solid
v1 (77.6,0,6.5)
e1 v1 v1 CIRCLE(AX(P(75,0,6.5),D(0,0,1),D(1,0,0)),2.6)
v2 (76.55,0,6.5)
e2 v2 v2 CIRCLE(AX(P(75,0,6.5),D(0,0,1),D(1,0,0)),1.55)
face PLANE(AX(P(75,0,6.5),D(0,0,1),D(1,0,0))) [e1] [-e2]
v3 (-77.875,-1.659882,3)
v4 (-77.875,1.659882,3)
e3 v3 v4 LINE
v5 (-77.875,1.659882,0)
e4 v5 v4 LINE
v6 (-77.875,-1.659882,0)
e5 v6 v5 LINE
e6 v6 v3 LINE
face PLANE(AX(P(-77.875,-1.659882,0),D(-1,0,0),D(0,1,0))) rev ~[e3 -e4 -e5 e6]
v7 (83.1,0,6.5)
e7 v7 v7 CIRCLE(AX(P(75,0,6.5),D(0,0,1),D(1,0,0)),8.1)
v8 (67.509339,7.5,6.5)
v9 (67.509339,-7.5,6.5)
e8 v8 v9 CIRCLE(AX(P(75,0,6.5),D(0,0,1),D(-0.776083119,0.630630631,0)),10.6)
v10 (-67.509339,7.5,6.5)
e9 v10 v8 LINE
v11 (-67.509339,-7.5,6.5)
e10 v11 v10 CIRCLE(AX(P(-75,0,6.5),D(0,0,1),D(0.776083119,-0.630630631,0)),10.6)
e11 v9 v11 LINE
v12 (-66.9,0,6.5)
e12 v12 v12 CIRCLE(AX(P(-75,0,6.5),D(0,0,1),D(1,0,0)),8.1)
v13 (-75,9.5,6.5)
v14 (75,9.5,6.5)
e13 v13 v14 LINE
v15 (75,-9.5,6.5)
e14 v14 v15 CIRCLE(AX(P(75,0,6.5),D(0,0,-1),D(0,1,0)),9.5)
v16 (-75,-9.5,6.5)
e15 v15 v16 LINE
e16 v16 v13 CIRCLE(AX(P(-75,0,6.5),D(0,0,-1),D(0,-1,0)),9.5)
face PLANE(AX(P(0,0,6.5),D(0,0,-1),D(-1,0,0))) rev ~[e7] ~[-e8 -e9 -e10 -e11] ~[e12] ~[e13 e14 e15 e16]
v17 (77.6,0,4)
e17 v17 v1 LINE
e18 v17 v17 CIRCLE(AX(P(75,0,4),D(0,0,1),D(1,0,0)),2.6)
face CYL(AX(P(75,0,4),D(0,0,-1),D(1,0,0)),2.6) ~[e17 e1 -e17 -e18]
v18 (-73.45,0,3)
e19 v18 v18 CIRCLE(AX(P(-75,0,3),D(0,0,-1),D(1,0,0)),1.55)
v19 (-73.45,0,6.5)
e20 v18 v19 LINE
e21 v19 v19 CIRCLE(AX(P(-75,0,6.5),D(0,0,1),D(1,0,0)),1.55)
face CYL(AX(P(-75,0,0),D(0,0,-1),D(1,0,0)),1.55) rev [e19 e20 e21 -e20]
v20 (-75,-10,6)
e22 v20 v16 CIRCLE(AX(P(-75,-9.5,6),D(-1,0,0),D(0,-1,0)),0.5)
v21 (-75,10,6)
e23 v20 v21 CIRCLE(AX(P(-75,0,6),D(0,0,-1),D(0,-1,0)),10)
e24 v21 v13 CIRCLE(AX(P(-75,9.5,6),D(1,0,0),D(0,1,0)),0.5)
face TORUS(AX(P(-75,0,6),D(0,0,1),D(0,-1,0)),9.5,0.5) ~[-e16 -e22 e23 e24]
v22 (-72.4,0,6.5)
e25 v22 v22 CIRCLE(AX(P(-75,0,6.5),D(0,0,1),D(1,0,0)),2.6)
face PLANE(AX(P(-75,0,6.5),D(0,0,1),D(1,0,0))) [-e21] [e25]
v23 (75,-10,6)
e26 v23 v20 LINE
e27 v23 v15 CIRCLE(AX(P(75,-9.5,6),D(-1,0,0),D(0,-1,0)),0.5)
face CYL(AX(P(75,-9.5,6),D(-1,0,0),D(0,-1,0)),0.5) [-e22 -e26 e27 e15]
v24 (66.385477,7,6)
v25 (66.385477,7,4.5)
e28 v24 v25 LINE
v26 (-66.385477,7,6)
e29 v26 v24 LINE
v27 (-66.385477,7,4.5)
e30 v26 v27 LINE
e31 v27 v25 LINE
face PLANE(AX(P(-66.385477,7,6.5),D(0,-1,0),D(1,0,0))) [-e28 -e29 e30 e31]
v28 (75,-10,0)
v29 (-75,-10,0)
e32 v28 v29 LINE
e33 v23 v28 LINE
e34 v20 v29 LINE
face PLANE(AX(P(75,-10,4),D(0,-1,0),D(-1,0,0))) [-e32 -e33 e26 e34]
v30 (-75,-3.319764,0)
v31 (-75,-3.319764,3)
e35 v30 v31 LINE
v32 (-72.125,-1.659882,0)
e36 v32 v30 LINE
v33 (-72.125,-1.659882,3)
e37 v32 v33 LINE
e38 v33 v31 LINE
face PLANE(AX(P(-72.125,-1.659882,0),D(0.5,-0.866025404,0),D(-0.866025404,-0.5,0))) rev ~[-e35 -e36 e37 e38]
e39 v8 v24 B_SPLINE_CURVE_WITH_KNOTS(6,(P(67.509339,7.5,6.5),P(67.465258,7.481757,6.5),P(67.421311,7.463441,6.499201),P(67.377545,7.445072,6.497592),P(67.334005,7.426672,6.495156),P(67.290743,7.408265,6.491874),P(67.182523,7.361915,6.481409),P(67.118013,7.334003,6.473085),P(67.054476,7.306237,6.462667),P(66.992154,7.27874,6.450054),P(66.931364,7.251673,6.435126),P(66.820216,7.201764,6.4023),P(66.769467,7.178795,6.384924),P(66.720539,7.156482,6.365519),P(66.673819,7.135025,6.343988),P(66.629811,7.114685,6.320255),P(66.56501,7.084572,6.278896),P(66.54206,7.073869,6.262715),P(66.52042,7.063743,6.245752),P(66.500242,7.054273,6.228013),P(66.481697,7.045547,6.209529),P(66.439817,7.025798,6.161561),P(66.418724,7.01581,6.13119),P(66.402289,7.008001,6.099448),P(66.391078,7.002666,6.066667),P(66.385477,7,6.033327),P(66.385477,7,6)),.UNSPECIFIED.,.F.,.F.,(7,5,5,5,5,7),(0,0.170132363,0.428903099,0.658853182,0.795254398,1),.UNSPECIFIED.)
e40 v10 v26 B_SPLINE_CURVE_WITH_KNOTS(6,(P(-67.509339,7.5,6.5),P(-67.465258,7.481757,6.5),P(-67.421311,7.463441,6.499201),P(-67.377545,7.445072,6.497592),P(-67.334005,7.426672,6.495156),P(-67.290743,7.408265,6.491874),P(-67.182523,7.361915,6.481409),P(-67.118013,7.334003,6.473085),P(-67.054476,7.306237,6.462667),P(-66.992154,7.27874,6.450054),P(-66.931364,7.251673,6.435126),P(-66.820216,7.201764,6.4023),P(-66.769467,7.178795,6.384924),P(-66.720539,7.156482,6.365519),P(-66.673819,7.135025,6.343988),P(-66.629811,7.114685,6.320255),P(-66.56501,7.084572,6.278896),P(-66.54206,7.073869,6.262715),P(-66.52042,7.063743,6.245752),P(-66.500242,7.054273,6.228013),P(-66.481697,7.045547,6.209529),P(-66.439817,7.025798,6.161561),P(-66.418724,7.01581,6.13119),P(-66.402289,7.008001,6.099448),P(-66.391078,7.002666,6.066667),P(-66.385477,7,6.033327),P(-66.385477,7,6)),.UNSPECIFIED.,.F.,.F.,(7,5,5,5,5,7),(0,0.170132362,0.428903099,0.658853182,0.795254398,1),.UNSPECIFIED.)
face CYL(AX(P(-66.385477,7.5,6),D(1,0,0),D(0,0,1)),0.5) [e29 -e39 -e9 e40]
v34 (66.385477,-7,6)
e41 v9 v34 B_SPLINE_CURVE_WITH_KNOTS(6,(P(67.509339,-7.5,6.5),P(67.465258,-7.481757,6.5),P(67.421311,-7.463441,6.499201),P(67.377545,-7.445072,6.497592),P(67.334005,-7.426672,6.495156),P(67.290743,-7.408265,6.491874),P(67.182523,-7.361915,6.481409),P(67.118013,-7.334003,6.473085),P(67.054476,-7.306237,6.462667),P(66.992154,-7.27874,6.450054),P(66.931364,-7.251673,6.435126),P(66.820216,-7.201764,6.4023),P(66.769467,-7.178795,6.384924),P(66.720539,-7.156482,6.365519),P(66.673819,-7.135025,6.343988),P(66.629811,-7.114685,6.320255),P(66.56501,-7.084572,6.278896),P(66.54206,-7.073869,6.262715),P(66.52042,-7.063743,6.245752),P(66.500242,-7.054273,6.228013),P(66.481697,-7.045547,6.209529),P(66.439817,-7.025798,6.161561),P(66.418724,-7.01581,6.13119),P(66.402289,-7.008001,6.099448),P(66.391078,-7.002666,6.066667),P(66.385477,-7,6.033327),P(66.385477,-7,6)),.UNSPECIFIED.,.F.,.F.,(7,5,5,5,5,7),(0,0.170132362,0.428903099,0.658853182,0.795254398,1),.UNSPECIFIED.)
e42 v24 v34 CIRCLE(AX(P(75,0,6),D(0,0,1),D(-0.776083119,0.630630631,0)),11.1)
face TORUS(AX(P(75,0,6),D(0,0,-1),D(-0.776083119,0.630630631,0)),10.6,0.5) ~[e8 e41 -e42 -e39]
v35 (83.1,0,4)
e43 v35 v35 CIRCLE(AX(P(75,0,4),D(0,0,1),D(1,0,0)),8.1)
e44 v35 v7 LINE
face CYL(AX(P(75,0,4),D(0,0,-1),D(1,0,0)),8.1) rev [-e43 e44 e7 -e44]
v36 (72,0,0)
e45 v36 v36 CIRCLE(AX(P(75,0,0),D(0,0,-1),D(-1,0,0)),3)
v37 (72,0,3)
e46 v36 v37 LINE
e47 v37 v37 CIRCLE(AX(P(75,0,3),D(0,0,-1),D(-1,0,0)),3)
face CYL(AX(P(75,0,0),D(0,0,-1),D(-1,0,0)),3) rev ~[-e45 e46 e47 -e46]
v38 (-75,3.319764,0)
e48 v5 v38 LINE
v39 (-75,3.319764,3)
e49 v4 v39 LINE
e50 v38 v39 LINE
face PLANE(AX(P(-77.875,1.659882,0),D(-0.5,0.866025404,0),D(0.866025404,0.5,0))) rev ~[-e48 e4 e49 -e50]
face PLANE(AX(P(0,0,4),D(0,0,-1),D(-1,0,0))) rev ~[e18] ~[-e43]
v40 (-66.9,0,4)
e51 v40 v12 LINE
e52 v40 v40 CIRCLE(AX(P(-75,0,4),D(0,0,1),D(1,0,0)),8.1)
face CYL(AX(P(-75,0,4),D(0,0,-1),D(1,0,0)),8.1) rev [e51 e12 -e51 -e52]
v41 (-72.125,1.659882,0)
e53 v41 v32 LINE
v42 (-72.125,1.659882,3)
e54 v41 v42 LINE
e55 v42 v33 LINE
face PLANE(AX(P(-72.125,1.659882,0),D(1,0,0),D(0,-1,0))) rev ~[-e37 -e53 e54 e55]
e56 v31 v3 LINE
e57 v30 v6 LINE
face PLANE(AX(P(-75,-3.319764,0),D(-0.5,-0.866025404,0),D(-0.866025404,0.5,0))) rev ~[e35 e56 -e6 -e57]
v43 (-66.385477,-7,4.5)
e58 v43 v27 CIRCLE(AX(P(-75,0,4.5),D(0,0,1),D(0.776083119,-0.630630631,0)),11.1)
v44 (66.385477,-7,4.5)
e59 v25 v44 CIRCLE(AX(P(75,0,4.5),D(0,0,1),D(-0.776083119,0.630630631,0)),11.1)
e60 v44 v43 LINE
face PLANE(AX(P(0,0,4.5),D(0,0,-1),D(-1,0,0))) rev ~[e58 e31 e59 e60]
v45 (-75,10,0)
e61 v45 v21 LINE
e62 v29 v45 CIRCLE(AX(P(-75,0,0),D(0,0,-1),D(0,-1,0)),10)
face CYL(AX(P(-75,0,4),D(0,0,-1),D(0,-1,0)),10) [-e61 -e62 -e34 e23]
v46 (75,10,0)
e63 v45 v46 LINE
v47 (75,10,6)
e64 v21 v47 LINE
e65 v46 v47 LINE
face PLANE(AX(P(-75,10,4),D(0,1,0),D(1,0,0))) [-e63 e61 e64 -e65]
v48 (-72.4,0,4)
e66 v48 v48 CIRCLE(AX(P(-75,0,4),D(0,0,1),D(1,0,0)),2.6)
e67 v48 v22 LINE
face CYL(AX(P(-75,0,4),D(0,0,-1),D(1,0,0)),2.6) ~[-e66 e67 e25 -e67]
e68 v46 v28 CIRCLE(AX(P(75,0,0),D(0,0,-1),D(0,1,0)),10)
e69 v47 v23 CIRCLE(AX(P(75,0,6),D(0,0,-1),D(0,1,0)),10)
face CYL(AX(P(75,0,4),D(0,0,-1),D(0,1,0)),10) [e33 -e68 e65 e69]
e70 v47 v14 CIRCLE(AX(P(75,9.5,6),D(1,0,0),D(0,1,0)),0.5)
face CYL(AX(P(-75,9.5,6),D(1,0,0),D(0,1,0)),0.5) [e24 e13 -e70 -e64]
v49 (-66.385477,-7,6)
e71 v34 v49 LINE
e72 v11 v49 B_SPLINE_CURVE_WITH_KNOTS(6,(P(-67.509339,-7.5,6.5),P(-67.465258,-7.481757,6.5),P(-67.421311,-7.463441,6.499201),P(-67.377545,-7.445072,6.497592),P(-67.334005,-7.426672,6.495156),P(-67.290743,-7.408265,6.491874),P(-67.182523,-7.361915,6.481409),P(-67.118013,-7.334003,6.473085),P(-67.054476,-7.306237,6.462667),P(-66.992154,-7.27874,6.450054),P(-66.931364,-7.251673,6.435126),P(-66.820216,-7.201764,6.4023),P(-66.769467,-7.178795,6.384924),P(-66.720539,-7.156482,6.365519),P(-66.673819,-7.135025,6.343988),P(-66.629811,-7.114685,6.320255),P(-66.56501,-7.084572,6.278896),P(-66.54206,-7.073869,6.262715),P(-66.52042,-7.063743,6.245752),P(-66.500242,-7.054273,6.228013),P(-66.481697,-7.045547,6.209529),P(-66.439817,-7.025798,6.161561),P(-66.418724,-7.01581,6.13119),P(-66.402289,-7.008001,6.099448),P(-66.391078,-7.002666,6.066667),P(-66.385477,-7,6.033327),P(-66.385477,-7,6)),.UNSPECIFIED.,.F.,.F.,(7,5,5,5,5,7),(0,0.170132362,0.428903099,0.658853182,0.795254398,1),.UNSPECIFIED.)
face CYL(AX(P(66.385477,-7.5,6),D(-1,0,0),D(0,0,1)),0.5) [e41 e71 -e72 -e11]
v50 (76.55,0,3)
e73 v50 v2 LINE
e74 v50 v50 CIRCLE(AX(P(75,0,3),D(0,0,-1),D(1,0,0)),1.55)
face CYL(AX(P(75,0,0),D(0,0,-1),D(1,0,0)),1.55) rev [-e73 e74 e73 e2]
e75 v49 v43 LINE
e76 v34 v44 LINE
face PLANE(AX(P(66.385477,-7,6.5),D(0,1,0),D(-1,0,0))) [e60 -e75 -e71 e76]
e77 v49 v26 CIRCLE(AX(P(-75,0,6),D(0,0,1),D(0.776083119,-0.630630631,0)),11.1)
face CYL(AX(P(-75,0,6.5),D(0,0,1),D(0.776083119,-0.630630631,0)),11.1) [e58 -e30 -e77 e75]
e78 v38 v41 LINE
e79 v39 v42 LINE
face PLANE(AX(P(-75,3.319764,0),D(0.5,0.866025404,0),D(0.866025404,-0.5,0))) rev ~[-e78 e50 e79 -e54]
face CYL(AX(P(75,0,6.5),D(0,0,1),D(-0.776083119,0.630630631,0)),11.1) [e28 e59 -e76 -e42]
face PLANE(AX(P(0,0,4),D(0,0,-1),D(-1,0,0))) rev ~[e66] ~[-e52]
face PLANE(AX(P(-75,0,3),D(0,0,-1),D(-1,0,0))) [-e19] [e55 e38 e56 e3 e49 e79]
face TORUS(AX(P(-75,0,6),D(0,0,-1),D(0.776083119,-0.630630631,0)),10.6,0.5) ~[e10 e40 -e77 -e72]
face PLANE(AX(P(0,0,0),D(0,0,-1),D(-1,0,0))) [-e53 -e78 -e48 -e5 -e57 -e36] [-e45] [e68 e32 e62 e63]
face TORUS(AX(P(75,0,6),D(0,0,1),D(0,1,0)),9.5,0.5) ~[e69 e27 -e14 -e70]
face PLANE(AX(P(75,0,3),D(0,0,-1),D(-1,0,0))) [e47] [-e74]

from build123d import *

# Parameters (mm, degrees)
BASE_R              = 2.6
BASE_R_2            = 8.1
BASE_R_3            = 1.55
BOSS_EXTRUDE1_DEPTH = 4
BOSS_EXTRUDE2_START = 4
BASE_3_R            = 8.1
BASE_3_R_2          = 2.6
BASE_3_R_3          = 1.55
BOSS_EXTRUDE2_DEPTH = 2.5
SKETCH2_R           = 3
CUT_EXTRUDE1_DEPTH  = 3
CUT_EXTRUDE2_DEPTH  = 2
FILLET1_R           = 0.5


with BuildPart() as part:
    # Base → Boss-Extrude1 (new body)
    with BuildSketch(Plane.XY):
        with BuildLine():
            ThreePointArc((75, 10), (85, 0), (75, -10))
            Line((75, -10), (-75, -10))
            ThreePointArc((-75, -10), (-85, 0), (-75, 10))
            Line((-75, 10), (75, 10))
        make_face()
        with Locations((75, 0)):
            Circle(BASE_R, mode=Mode.SUBTRACT)
        with Locations((-75, 0)):
            Circle(BASE_R, mode=Mode.SUBTRACT)
        with Locations((75, 0)):
            Circle(BASE_R_2)
        with Locations((75, 0)):
            Circle(BASE_R, mode=Mode.SUBTRACT)
        with Locations((75, 0)):
            Circle(BASE_R)
        with Locations((75, 0)):
            Circle(BASE_R_3, mode=Mode.SUBTRACT)
        with Locations((-75, 0)):
            Circle(BASE_R_2)
        with Locations((-75, 0)):
            Circle(BASE_R, mode=Mode.SUBTRACT)
        with Locations((-75, 0)):
            Circle(BASE_R)
        with Locations((-75, 0)):
            Circle(BASE_R_3, mode=Mode.SUBTRACT)
    extrude(amount=BOSS_EXTRUDE1_DEPTH)

    # Base<3> → Boss-Extrude2 (add)
    with BuildSketch(Plane.XY.offset(BOSS_EXTRUDE2_START)):
        with BuildLine():
            ThreePointArc((75, 10), (85, 0), (75, -10))
            Line((75, -10), (-75, -10))
            ThreePointArc((-75, -10), (-85, 0), (-75, 10))
            Line((-75, 10), (75, 10))
        make_face()
        with Locations((-75, 0)):
            Circle(BASE_3_R, mode=Mode.SUBTRACT)
        with Locations((75, 0)):
            Circle(BASE_3_R, mode=Mode.SUBTRACT)
        with Locations((75, 0)):
            Circle(BASE_3_R_2)
        with Locations((75, 0)):
            Circle(BASE_3_R_3, mode=Mode.SUBTRACT)
        with Locations((-75, 0)):
            Circle(BASE_3_R_2)
        with Locations((-75, 0)):
            Circle(BASE_3_R_3, mode=Mode.SUBTRACT)
    extrude(amount=BOSS_EXTRUDE2_DEPTH)

    # Sketch2 → Cut-Extrude1 (cut)
    with BuildSketch(Plane(origin=(0, 0, 0), x_dir=(-1, 0, 0), z_dir=(0, 0, -1))):
        with Locations((-75, 0)):
            Circle(SKETCH2_R)
        Polygon((72.125, 1.659882024), (72.125, -1.659882024), (75, -3.319764048), (77.875, -1.659882024), (77.875, 1.659882024), (75, 3.319764048), align=None)
    extrude(amount=-CUT_EXTRUDE1_DEPTH, mode=Mode.SUBTRACT)

    # Sketch3 → Cut-Extrude2 (cut)
    with BuildSketch(Plane.XY.offset(6.5)):
        with BuildLine():
            Line((66.385477378, -7), (-66.385477378, -7))
            ThreePointArc((-66.385477378, -7), (-63.9, 0), (-66.385477378, 7))
            Line((-66.385477378, 7), (66.385477378, 7))
            ThreePointArc((66.385477378, 7), (63.9, 0), (66.385477378, -7))
        make_face()
    extrude(amount=-CUT_EXTRUDE2_DEPTH, mode=Mode.SUBTRACT)

    # Fillet1
    fillet1_edges = [part.edges().sort_by_distance(p)[0] for p in [
        (85, 0, 6.5),
        (0, 10, 6.5),
        (-85, 0, 6.5),
        (0, -10, 6.5),
        (63.9, 0, 6.5),
        (0, 7, 6.5),
        (-63.9, 0, 6.5),
        (0, -7, 6.5),
    ]]
    fillet(fillet1_edges, radius=FILLET1_R)


solid = part.part
